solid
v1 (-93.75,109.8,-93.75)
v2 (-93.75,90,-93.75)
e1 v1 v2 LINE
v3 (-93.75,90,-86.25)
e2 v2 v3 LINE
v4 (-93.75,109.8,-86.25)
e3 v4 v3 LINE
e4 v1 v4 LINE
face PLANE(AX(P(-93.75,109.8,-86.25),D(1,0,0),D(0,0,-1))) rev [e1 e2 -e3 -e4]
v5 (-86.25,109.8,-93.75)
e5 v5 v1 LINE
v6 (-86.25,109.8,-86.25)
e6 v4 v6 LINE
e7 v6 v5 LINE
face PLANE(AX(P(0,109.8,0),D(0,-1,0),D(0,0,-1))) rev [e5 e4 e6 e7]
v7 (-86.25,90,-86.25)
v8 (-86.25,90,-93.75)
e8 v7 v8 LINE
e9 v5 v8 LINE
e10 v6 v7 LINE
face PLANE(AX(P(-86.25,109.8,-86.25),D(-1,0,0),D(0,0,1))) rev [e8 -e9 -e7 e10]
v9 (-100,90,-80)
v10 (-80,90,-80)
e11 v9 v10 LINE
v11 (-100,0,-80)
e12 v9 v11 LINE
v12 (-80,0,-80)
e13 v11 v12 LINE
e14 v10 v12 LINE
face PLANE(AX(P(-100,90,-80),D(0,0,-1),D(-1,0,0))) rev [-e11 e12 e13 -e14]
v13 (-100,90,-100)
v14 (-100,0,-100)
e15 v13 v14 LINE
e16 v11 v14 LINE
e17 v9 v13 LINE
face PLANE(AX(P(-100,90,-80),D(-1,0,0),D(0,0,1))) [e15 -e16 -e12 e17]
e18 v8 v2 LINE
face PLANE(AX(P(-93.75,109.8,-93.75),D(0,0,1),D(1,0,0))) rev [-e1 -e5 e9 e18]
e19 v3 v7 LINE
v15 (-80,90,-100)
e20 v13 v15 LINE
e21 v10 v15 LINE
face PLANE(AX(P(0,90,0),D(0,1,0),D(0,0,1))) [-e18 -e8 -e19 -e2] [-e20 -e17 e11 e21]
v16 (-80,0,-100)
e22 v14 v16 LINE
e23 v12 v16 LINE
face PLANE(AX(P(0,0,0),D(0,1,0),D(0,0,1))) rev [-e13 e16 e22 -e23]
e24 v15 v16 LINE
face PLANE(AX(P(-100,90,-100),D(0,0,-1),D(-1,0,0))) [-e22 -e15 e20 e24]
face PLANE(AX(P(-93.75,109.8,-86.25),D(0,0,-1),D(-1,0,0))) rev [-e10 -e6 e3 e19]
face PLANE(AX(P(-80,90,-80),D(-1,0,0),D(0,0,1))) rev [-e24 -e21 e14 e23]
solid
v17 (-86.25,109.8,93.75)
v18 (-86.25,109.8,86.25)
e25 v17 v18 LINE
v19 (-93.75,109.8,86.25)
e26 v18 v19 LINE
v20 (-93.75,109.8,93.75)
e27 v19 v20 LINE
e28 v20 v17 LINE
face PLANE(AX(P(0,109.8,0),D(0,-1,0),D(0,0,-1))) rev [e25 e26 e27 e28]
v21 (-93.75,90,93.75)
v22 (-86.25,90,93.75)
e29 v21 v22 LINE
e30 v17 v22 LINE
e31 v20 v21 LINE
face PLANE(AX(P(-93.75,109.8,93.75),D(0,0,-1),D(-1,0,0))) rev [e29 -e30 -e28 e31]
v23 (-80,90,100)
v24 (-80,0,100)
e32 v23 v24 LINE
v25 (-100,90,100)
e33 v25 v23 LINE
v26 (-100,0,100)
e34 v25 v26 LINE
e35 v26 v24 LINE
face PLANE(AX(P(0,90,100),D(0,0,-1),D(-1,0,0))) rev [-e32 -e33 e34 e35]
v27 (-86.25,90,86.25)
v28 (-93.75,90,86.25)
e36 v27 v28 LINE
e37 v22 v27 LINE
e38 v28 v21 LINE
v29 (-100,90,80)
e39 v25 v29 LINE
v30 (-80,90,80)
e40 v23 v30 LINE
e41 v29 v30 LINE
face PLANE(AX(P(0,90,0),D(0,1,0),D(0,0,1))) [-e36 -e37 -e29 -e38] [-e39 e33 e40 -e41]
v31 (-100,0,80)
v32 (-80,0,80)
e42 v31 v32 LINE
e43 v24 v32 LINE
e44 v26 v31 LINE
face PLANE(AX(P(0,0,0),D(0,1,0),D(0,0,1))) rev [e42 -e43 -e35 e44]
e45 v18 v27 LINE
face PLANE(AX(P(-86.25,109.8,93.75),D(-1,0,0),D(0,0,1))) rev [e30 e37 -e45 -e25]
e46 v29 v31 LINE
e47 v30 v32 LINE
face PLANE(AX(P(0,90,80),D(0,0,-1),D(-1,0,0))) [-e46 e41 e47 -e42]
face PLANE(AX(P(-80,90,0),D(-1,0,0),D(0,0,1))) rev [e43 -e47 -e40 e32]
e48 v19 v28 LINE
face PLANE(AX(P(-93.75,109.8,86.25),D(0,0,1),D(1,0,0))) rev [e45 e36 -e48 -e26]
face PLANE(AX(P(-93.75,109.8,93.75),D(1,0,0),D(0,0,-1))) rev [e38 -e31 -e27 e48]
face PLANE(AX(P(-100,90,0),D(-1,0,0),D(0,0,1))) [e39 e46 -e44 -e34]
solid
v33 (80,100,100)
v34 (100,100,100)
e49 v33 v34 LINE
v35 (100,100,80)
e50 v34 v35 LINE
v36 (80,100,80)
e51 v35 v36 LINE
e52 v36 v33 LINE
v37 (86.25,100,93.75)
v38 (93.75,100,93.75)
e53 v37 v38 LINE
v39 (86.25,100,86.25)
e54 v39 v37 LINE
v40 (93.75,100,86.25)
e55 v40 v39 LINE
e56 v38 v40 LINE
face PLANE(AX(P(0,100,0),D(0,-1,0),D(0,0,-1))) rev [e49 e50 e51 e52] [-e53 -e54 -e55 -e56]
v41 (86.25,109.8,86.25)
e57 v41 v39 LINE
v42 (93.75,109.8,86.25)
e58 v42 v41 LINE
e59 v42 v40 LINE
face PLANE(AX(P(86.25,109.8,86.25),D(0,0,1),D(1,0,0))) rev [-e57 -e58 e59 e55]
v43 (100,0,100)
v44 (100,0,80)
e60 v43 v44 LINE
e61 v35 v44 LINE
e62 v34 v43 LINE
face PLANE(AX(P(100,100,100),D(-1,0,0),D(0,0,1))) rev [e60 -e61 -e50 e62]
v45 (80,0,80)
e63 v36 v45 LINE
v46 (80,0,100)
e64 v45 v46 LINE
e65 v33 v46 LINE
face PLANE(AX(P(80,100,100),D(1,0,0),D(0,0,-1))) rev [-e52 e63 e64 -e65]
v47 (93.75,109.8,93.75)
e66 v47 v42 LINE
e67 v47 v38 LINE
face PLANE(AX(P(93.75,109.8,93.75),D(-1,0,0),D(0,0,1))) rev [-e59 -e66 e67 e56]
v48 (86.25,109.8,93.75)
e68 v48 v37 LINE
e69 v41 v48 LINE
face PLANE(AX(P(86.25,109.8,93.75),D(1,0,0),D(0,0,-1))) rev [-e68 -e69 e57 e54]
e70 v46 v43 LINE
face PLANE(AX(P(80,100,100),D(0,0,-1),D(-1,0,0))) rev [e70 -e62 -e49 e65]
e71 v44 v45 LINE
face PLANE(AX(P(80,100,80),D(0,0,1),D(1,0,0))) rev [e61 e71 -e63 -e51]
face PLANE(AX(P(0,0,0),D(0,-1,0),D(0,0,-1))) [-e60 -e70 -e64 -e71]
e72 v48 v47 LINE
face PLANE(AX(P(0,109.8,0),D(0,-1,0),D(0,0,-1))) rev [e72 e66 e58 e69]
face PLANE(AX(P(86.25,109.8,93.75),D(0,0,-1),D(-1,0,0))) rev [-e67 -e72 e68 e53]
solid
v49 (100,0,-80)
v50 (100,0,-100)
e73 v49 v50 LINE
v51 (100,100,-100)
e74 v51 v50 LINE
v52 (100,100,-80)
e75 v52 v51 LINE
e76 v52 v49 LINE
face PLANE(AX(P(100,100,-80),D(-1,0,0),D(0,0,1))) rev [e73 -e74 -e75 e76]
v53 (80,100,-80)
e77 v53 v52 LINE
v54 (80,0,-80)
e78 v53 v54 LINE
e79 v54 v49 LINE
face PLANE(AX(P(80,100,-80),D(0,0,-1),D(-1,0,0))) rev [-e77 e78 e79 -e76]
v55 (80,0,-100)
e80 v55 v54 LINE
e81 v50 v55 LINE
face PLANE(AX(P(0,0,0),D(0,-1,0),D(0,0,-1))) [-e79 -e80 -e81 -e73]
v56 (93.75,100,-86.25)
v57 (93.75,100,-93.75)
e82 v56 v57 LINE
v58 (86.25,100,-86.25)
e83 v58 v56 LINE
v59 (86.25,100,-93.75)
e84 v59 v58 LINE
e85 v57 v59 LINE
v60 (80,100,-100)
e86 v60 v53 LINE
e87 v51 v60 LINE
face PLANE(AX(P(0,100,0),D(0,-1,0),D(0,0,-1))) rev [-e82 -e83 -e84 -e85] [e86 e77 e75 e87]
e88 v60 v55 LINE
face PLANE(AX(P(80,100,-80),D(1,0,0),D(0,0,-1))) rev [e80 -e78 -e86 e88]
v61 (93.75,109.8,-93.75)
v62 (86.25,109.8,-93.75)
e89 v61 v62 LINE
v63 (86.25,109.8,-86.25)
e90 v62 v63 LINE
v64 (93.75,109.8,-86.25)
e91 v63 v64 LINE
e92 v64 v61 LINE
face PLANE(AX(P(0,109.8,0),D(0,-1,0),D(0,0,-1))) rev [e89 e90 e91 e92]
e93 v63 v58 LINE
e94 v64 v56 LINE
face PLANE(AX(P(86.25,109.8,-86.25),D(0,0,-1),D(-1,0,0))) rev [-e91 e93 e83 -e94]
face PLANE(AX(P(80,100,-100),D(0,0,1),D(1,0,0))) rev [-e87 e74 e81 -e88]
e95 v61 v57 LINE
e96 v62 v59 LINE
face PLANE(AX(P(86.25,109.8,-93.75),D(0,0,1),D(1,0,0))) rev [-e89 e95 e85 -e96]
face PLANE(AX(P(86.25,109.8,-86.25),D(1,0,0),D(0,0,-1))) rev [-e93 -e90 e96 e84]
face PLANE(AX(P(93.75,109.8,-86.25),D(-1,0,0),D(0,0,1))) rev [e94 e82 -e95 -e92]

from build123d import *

# Parameters (mm, degrees)
CROQUIS2_W                = 20
CROQUIS2_H                = 20
SALIENTE_EXTRUIR3_DEPTH   = 90
SALIENTE_EXTRUIR3_2_DEPTH = 90
CROQUIS5_W                = 20
CROQUIS5_H                = 20
SALIENTE_EXTRUIR4_DEPTH   = 100
SALIENTE_EXTRUIR4_2_DEPTH = 100
CROQUIS6_W                = 7.5
CROQUIS6_H                = 7.5
SALIENTE_EXTRUIR5_DEPTH   = 9.8
CROQUIS7_W                = 7.5
CROQUIS7_H                = 7.5
SALIENTE_EXTRUIR6_DEPTH   = 19.8


with BuildPart() as part:
    # Croquis2 → Saliente-Extruir3 (new body)
    with BuildSketch(Plane(origin=(0, 0, 0), x_dir=(1, 0, 0), z_dir=(0, 1, 0))):
        with Locations((-90, -90)):
            Rectangle(CROQUIS2_W, CROQUIS2_H)
    extrude(amount=SALIENTE_EXTRUIR3_DEPTH)



with BuildPart() as body_2:
    # Croquis2 → Saliente-Extruir3 2 (new body)
    with BuildSketch(Plane(origin=(0, 0, 0), x_dir=(1, 0, 0), z_dir=(0, 1, 0))):
        with Locations((-90, 90)):
            Rectangle(CROQUIS2_W, CROQUIS2_H)
    extrude(amount=SALIENTE_EXTRUIR3_2_DEPTH)


with BuildPart() as body_3:
    # Croquis5 → Saliente-Extruir4 (new body)
    with BuildSketch(Plane(origin=(0, 0, 0), x_dir=(1, 0, 0), z_dir=(0, 1, 0))):
        with Locations((90, -90)):
            Rectangle(CROQUIS5_W, CROQUIS5_H)
    extrude(amount=SALIENTE_EXTRUIR4_DEPTH)



with BuildPart() as body_4:
    # Croquis5 → Saliente-Extruir4 2 (new body)
    with BuildSketch(Plane(origin=(0, 0, 0), x_dir=(1, 0, 0), z_dir=(0, 1, 0))):
        with Locations((90, 90)):
            Rectangle(CROQUIS5_W, CROQUIS5_H)
    extrude(amount=SALIENTE_EXTRUIR4_2_DEPTH)


with BuildPart() as body_3_1:
    add(body_3.part)

    add(body_4.part)  # Saliente-Extruir5 merges body 4
    # Croquis6 → Saliente-Extruir5 (add)
    with BuildSketch(Plane(origin=(0, 100, 0), x_dir=(1, 0, 0), z_dir=(0, 1, 0))):
        with Locations((90, -90)):
            Rectangle(CROQUIS6_W, CROQUIS6_H)
        with Locations((90, 90)):
            Rectangle(CROQUIS6_W, CROQUIS6_H)
    extrude(amount=SALIENTE_EXTRUIR5_DEPTH)


with BuildPart() as part_1:
    add(part.part)

    add(body_2.part)  # Saliente-Extruir6 merges body 2
    # Croquis7 → Saliente-Extruir6 (add)
    with BuildSketch(Plane(origin=(0, 90, 0), x_dir=(1, 0, 0), z_dir=(0, 1, 0))):
        with Locations((-90, -90)):
            Rectangle(CROQUIS7_W, CROQUIS7_H)
        with Locations((-90, 90)):
            Rectangle(CROQUIS7_W, CROQUIS7_H)
    extrude(amount=SALIENTE_EXTRUIR6_DEPTH)


solid = Compound([body_3_1.part, part_1.part])
